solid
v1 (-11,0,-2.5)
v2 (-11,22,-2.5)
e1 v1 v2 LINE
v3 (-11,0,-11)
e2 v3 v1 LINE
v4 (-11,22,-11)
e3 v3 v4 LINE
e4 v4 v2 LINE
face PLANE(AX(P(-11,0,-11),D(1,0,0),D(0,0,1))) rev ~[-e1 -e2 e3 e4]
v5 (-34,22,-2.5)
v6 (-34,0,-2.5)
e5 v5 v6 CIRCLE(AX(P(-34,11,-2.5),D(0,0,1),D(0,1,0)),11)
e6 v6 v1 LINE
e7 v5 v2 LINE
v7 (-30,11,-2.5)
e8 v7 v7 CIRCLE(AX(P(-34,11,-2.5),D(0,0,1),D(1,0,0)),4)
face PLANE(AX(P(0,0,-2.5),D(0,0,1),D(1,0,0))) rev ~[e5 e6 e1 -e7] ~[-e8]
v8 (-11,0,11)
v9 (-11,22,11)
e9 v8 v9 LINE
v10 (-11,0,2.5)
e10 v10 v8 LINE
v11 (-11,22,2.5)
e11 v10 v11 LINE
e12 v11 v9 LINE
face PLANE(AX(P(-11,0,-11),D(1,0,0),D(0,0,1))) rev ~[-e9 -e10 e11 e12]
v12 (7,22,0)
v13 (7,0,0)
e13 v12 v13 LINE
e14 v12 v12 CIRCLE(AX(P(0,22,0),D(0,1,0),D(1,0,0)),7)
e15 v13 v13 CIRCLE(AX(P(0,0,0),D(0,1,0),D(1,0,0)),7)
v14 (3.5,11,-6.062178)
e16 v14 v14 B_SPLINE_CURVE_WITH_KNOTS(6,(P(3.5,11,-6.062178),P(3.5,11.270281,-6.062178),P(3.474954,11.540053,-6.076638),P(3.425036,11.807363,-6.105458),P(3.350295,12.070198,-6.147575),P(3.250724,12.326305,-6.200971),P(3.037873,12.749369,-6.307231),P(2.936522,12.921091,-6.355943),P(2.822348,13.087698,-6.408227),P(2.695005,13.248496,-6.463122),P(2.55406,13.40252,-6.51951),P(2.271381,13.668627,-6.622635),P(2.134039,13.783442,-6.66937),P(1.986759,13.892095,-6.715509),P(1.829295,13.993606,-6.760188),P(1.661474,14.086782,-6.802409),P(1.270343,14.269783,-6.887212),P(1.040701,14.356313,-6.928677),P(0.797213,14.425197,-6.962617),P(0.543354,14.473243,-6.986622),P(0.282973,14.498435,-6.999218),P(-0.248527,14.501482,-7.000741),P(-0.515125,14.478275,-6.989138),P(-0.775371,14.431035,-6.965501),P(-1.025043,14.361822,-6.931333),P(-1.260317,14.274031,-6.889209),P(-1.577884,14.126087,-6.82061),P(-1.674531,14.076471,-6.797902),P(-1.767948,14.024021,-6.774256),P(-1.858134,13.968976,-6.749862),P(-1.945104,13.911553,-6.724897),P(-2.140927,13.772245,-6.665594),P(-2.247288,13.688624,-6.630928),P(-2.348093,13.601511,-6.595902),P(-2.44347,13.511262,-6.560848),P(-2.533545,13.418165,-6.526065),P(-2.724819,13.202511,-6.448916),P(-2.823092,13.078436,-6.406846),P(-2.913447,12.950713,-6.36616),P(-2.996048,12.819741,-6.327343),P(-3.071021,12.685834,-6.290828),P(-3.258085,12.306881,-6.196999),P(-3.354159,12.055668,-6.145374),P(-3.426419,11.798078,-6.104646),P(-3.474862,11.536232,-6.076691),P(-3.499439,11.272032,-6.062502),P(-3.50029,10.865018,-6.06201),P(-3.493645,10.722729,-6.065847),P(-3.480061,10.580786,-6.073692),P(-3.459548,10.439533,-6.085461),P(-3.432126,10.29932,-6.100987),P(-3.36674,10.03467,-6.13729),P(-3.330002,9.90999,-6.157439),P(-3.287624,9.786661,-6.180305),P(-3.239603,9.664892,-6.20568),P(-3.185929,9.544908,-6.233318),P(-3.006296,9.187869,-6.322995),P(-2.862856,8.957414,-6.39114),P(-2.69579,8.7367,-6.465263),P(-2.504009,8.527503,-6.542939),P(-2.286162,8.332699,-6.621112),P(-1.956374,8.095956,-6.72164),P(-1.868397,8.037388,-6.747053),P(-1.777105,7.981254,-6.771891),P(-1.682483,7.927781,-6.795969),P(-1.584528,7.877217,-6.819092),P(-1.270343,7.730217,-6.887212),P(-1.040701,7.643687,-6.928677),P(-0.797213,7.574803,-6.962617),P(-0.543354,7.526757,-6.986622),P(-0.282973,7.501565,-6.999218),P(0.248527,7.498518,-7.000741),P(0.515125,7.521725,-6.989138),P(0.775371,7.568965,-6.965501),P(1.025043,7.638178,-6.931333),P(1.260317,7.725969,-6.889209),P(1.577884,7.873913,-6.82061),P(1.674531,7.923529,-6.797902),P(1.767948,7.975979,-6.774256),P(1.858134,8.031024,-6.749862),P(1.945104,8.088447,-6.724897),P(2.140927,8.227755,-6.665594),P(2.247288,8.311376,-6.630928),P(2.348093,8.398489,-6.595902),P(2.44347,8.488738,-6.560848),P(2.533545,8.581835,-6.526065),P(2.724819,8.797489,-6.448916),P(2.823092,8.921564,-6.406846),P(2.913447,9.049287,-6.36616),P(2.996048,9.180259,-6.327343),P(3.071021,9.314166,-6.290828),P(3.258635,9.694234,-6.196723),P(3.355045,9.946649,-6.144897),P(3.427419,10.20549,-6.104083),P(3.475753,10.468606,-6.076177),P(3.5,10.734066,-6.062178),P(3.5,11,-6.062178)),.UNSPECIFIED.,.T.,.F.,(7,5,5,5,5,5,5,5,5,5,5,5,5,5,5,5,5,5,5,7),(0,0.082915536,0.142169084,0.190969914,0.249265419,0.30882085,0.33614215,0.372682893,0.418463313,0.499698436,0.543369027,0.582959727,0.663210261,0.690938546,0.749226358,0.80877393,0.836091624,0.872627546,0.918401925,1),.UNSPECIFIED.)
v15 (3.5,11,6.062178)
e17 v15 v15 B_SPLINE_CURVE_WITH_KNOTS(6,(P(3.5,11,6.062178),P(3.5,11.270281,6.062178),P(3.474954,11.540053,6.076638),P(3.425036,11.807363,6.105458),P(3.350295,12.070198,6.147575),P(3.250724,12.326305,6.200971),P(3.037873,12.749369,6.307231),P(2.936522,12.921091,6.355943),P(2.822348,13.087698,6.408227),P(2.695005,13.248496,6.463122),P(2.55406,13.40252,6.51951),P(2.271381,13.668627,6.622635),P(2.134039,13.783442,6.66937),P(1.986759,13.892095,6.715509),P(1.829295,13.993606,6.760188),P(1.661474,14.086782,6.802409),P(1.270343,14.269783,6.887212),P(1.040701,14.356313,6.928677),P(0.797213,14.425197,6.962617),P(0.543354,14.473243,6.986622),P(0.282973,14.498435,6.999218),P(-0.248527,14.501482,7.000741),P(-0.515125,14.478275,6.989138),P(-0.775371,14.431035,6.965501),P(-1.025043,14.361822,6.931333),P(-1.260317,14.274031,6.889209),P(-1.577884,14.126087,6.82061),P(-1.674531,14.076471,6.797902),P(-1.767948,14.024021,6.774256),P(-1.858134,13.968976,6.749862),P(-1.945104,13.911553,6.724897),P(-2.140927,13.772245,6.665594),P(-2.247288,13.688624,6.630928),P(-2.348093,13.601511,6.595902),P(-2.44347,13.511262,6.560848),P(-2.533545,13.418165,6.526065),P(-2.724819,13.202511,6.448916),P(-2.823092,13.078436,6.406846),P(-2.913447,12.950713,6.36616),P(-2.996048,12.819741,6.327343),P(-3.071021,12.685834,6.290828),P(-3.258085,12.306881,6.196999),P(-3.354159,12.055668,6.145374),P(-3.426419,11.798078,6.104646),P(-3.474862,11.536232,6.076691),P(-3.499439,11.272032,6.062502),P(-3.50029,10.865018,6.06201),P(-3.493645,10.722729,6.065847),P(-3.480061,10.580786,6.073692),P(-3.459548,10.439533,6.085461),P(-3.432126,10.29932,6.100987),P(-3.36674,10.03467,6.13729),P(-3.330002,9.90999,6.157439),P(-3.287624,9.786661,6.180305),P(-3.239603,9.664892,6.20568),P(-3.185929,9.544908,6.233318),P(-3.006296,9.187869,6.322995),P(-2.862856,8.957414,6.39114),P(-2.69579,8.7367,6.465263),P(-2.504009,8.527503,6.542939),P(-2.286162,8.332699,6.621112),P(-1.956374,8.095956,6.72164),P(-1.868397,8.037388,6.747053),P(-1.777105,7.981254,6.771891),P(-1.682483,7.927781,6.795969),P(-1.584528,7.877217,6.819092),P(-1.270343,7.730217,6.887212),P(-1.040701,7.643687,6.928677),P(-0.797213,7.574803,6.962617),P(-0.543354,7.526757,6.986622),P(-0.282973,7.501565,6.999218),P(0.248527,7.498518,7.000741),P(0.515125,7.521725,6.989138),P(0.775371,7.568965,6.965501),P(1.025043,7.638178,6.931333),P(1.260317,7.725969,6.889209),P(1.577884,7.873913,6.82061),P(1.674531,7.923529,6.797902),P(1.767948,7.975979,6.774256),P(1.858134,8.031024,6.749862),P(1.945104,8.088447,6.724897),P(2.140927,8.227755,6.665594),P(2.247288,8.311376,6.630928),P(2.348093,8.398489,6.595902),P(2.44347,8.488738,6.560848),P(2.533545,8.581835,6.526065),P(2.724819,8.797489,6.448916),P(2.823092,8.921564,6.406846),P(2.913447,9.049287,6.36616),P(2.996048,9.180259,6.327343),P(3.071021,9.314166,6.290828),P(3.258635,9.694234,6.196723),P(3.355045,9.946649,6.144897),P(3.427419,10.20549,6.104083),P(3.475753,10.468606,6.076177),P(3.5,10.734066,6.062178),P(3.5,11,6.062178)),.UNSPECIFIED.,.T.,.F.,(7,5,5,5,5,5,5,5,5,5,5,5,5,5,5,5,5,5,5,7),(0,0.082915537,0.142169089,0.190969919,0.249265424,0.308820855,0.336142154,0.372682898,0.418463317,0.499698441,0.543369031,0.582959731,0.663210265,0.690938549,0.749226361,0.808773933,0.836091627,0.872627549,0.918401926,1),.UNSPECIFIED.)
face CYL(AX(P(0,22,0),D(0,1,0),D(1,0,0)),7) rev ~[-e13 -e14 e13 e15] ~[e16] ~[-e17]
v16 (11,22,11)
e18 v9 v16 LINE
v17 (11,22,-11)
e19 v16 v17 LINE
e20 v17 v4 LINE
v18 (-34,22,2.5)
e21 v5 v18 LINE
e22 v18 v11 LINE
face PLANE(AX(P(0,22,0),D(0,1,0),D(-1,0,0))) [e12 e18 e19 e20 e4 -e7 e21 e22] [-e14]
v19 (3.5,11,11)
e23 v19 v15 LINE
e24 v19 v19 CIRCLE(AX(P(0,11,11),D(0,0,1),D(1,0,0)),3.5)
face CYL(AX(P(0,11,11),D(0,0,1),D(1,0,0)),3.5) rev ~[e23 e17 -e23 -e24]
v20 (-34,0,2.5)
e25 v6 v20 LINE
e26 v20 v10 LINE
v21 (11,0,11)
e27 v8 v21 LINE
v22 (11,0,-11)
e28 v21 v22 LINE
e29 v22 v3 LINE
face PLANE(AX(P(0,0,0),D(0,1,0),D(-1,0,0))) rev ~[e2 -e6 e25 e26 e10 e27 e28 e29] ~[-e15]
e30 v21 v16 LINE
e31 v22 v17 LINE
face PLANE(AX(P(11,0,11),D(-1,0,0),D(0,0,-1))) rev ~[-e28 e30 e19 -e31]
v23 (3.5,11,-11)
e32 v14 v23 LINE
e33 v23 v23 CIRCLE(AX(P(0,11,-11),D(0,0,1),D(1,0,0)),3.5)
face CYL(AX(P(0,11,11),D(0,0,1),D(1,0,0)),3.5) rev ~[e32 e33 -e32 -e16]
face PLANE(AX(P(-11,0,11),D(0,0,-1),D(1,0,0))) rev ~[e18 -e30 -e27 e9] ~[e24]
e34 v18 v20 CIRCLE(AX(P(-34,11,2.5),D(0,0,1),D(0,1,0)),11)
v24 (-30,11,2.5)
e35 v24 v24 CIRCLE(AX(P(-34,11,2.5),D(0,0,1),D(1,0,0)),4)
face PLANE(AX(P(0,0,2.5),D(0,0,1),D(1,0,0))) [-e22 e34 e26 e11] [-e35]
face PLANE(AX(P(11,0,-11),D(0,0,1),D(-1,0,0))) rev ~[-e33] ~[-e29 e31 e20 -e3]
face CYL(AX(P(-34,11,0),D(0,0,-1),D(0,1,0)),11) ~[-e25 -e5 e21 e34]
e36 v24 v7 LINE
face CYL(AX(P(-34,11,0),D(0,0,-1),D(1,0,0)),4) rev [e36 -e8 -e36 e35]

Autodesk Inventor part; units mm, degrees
ref_plane "YZ Plane" through (0, 0, 0) normal (1, 0, 0) x (0, 1, 0)
ref_plane "XZ Plane" through (0, 0, 0) normal (0, 1, 0) x (-1, 0, 0)
ref_plane "XY Plane" through (0, 0, 0) normal (0, 0, 1) x (1, 0, 0)
sketch "Boceto1" plane through (0, 0, 0) normal (0, 1, 0) x (-1, 0, 0)
  line L0 (11, 11) -> (-11, 11)
  line L1 (-11, 11) -> (-11, -11)
  line L2 (-11, -11) -> (11, -11)
  line L3 (11, -11) -> (11, 11)
  line L4 (11, -11) -> (-11, 11) construction
  line L5 (-11, -11) -> (11, 11) construction
  circle A0 centre (0, 0) radius 7 construction
  point P0 (0, 0)
  point P1 (0, 0)
  dimension "d0" = 22
  dimension "d1" = 22
  dimension "d2" = 22
  dimension "d3" = 14
extrude "Extrusión1" add sketch "Boceto1" along normal blind 22
sketch "Boceto2" plane through (0, 0, 0) normal (0, 0, 1) x (1, 0, 0)
  line L0 (0, 0) -> (0, 11) construction
  line L1 (0, 11) -> (-34, 11) construction
  circle A0 centre (-34, 11) radius 4
  arc A1 (-34, 22) -> (-34, 0) centre (-34, 11) ccw
  line L2 (-11, 0) -> (11, 0) projected
  line L3 (11, 0) -> (11, 22) projected
  line L4 (-11, 22) -> (11, 22) projected
  line L5 (-11, 0) -> (-11, 22) projected
  line L6 (-34, 0) -> (-11, 0)
  line L7 (-34, 22) -> (-11, 22)
  line L8 (-11, 22) -> (-11, 0)
  dimension "d6" = 11
  dimension "d8" = 34
  dimension "d9" = 8
  dimension "d10" = 22
extrude "Extrusión2" add sketch "Boceto2" along normal mid plane 5 contours L7 L5 L6 A1
sketch "Boceto3" plane through (-11, 0, 11) normal (0, 0, 1) x (1, 0, 0)
  line L0 (0, 0) -> (0, 11) construction
  line L1 (0, 0) -> (0, 22) projected
  line L2 (0, 11) -> (11, 11) construction
  circle A0 centre (11, 11) radius 3.5
  line L3 (0, 0) -> (22, 0) projected
  point P0 (11, 0)
  point P1 (11, 0)
  dimension "d14" = 7
  dimension "d15" = 11
extrude "Extrusión3" cut sketch "Boceto3" against normal through all
sketch "Boceto4" plane through (0, 22, 0) normal (0, 1, 0) x (1, 0, 0)
  circle A0 centre (0, 0) radius 7
  dimension "d18" = 14
extrude "Extrusión4" cut sketch "Boceto4" against normal through all
properties part number "17_UnionA"
